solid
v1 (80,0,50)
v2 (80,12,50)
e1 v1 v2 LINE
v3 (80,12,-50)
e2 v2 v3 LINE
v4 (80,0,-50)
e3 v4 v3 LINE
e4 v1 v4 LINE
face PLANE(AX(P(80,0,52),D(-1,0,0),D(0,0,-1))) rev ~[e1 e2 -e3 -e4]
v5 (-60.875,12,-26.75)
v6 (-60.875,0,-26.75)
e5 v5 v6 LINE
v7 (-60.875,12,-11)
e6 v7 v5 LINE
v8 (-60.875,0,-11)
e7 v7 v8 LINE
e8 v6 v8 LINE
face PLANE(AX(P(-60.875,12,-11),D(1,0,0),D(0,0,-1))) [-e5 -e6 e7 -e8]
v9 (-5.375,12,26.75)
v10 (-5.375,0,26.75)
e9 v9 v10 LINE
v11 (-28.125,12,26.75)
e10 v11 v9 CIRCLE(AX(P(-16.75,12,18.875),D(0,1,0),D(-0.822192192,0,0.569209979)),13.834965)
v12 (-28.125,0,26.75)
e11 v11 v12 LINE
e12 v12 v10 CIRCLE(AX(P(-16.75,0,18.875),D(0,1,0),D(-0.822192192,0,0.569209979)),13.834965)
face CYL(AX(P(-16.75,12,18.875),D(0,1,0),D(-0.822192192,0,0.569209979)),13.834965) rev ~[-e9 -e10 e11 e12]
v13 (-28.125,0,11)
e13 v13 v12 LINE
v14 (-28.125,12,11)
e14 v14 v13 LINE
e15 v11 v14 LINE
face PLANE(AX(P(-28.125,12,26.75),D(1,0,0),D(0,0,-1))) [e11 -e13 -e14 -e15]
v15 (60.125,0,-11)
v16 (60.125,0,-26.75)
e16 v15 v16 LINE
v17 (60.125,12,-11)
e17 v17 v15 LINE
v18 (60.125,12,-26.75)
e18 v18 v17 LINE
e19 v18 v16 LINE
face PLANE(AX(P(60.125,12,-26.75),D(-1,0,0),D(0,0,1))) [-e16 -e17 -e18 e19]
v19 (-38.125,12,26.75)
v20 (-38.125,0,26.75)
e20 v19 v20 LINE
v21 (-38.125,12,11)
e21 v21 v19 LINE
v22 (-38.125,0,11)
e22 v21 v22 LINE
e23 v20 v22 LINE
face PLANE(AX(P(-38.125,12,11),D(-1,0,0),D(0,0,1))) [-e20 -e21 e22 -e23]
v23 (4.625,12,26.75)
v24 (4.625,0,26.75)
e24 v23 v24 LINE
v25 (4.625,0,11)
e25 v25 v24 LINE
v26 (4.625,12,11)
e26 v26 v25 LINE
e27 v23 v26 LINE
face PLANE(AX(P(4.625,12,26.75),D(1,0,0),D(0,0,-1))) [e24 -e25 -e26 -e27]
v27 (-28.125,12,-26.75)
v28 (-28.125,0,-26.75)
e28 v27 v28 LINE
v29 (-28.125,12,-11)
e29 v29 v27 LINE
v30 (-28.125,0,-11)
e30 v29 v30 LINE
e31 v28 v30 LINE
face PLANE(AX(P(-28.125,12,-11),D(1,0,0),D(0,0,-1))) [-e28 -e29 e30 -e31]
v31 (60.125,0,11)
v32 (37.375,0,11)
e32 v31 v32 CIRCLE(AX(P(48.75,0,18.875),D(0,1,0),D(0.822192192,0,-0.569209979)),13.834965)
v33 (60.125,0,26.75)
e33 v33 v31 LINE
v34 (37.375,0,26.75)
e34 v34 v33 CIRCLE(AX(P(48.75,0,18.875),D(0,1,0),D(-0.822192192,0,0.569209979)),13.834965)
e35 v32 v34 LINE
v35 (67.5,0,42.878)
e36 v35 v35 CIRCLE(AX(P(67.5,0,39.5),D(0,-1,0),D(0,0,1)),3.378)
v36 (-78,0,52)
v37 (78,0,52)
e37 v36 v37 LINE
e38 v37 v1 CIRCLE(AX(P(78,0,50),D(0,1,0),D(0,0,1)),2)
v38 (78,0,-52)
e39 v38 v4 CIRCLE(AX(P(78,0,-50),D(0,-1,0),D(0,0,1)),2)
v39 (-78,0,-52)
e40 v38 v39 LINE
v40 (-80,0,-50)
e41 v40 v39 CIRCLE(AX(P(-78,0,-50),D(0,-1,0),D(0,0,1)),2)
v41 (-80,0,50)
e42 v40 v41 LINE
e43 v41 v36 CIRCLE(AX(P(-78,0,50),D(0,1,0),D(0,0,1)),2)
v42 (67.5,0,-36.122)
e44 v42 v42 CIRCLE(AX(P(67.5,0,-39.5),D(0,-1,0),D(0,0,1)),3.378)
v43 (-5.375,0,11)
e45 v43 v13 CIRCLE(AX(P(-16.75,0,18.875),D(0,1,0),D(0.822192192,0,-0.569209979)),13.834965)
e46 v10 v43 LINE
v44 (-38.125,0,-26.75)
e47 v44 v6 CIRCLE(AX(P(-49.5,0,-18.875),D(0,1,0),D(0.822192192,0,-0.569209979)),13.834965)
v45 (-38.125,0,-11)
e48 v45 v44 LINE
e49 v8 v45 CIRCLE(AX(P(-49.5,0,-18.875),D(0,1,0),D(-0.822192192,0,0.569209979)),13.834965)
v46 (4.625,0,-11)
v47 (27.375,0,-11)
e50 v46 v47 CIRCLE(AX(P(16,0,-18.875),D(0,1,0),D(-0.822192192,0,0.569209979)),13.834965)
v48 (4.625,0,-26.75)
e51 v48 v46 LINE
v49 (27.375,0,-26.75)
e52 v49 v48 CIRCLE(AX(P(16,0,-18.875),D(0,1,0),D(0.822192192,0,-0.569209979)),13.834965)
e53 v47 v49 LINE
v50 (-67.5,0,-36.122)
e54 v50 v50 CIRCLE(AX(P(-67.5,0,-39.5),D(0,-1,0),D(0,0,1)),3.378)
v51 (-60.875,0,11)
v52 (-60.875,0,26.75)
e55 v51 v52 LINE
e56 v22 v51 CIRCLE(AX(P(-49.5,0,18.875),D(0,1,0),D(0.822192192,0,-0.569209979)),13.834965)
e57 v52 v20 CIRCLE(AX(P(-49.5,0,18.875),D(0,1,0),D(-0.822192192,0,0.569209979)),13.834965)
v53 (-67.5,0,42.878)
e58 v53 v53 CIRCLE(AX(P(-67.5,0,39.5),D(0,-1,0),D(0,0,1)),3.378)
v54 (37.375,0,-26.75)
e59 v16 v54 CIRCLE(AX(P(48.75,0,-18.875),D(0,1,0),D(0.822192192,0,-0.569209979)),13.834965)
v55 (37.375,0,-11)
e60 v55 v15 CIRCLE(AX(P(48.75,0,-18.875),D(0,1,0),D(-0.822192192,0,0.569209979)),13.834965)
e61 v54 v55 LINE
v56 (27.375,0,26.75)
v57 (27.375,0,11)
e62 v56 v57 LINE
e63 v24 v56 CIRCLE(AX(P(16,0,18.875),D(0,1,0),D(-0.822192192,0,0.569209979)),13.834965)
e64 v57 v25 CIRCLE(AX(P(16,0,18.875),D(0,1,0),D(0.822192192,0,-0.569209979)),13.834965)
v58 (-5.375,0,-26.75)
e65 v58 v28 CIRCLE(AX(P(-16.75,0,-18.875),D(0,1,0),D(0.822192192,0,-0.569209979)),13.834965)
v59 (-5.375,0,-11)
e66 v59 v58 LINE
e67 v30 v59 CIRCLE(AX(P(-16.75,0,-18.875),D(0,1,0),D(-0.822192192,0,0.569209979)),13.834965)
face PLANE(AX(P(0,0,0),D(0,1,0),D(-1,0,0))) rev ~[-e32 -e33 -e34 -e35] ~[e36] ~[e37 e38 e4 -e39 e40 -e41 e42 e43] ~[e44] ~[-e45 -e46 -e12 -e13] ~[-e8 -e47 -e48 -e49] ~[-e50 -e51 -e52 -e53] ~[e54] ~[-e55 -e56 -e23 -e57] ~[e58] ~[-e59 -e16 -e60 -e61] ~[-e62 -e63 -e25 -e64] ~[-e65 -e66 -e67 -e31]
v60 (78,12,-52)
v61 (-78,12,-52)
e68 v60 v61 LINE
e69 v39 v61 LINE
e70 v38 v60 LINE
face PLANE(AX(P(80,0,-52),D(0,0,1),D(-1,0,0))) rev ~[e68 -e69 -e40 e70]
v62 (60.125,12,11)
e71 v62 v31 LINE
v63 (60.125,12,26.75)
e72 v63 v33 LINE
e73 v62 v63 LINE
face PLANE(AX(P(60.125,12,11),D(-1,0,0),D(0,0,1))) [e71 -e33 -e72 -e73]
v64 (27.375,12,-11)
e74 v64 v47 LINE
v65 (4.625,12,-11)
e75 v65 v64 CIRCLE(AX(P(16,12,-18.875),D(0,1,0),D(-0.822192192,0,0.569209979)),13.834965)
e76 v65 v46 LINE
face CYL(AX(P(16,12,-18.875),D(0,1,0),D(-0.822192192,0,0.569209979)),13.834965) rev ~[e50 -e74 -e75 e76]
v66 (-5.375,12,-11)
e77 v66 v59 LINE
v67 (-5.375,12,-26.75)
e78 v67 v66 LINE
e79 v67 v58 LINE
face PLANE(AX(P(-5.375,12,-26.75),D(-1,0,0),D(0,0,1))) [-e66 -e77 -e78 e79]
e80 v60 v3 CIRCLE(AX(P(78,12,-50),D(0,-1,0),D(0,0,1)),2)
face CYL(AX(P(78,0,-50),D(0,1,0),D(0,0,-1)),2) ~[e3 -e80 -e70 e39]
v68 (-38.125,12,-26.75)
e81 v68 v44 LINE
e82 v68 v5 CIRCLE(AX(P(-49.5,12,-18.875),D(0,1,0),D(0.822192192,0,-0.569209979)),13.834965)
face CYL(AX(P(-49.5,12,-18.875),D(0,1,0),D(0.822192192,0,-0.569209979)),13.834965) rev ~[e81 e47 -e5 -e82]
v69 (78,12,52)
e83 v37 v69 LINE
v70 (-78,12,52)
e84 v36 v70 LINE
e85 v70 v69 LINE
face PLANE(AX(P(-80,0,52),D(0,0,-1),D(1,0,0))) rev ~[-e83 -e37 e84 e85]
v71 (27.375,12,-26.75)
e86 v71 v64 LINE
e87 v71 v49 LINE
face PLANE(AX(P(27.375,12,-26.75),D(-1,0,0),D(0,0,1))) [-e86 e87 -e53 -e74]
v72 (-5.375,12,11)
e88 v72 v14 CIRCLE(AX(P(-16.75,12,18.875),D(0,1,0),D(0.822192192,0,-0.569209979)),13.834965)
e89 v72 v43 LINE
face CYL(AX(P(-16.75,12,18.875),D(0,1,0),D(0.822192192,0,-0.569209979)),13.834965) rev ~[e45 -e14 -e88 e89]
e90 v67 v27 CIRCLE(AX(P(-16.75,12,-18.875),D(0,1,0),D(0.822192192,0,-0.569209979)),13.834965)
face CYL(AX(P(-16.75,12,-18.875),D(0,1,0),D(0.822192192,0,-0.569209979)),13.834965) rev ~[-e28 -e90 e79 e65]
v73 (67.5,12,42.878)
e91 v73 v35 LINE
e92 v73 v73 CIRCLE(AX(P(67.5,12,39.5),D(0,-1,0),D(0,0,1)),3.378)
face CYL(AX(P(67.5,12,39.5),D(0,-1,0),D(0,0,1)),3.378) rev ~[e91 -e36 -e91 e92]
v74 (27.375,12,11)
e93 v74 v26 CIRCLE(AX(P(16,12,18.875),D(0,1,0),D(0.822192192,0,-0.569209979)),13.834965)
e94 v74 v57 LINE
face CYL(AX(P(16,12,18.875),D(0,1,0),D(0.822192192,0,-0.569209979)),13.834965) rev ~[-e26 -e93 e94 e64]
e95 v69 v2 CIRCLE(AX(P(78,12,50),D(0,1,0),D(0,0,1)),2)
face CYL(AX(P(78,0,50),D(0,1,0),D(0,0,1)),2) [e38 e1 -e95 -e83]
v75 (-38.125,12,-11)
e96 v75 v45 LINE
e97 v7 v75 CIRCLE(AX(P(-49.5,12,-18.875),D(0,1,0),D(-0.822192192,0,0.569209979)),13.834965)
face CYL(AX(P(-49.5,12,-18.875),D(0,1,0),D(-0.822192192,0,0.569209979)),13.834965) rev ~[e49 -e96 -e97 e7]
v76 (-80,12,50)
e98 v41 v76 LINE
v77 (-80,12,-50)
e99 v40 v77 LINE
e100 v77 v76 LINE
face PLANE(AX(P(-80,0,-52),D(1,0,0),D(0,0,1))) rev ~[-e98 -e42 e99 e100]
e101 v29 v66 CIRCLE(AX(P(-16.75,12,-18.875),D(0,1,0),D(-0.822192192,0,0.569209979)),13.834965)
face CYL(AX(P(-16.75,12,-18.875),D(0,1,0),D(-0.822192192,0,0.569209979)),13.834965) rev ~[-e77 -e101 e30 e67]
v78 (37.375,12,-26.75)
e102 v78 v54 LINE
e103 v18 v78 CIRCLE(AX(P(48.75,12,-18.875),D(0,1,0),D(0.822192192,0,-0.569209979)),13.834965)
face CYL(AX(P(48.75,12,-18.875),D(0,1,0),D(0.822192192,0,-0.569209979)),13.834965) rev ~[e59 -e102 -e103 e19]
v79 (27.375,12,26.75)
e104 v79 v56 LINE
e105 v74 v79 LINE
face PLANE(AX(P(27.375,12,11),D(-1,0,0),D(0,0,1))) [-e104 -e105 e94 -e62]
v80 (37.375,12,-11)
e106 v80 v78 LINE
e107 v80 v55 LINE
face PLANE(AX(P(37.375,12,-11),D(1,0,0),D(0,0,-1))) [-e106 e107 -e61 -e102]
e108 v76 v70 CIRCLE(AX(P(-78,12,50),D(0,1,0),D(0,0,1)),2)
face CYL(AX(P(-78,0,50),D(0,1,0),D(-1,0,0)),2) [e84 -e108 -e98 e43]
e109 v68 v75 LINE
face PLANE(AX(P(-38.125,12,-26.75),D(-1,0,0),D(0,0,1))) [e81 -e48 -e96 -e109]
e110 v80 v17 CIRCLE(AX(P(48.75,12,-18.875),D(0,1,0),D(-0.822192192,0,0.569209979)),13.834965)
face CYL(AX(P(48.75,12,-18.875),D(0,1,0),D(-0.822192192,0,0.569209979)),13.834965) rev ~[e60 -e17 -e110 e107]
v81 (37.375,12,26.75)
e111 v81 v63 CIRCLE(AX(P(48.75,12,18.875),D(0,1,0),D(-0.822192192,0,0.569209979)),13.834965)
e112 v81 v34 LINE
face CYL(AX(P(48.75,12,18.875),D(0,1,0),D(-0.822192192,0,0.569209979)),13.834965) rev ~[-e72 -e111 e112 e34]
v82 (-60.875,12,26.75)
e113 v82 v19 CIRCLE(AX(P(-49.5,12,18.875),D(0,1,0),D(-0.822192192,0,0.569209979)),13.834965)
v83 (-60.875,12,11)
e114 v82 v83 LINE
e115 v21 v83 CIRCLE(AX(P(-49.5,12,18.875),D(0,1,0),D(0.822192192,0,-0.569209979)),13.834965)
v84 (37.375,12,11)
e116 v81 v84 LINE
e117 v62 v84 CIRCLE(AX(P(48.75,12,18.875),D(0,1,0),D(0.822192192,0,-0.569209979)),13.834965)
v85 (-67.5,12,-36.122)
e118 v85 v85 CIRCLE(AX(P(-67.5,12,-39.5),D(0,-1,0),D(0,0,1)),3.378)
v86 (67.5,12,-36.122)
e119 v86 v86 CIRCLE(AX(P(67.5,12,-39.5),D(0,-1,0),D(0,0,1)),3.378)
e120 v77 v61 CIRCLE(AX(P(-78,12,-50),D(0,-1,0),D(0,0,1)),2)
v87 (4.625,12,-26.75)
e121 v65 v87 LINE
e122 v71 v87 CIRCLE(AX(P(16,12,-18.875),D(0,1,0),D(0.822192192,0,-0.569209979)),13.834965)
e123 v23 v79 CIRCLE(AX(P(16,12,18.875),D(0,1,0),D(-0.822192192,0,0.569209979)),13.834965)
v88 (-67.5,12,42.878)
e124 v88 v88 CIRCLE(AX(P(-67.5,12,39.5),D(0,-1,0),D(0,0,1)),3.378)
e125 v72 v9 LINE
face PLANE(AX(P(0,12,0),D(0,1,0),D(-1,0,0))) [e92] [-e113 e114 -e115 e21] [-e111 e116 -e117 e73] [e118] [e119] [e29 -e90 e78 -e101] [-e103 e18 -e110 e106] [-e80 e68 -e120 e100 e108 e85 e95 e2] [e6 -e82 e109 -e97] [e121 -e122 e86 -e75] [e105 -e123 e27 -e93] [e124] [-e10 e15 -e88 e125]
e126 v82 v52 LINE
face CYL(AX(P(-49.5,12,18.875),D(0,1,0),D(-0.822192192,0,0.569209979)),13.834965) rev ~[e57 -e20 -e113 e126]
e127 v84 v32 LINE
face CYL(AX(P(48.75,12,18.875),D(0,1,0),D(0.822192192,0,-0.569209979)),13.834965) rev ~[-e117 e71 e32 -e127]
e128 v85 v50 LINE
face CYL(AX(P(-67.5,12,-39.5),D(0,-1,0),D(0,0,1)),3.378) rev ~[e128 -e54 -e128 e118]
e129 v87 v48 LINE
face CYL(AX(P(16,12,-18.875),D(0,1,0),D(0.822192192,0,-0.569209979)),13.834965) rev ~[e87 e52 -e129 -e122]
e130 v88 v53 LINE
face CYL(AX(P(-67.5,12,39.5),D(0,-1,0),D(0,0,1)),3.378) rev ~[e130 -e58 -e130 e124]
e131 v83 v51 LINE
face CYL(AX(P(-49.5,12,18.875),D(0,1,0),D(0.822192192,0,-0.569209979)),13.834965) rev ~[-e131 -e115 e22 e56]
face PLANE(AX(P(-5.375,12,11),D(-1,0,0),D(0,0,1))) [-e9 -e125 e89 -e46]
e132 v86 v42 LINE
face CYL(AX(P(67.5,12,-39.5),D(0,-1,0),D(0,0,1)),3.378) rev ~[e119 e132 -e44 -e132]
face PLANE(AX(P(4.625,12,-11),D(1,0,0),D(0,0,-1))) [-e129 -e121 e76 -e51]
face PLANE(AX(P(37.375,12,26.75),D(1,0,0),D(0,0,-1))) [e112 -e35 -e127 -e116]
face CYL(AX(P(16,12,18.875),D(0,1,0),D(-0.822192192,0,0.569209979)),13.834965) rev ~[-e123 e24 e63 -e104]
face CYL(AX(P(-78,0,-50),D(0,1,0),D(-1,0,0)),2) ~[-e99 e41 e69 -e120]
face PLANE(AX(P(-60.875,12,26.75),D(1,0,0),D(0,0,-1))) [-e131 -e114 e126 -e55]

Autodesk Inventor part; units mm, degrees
ref_plane "YZ Plane" through (0, 0, 0) normal (1, 0, 0) x (0, 1, 0)
ref_plane "XZ Plane" through (0, 0, 0) normal (0, 1, 0) x (-1, 0, 0)
ref_plane "XY Plane" through (0, 0, 0) normal (0, 0, 1) x (1, 0, 0)
sketch "Sketch1" plane through (0, 0, 0) normal (0, 1, 0) x (-1, 0, 0)
  line L0 (80, 52) -> (-80, 52)
  line L1 (-80, 52) -> (-80, -52)
  line L2 (-80, -52) -> (80, -52)
  line L3 (80, -52) -> (80, 52)
  line L4 (80, 52) -> (-80, -52) construction
  line L5 (-80, 52) -> (80, -52) construction
  point P0 (0, 0)
  dimension "d0" = 160
  dimension "d1" = 104
extrude "Extrusion1" add sketch "Sketch1" along normal blind 12
sketch "Sketch2" plane through (0, 12, 0) normal (0, 1, 0) x (1, 0, 0)
  line L0 (-80, 52) -> (-80, -52) projected
  line L1 (80, 52) -> (-80, 52) projected
  line L2 (-38.125, 26.75) -> (-38.125, 11)
  line L3 (-60.875, 11) -> (-60.875, 26.75)
  arc A0 (-38.125, 26.75) -> (-60.875, 26.75) centre (-49.5, 18.875) ccw
  arc A1 (-60.875, 11) -> (-38.125, 11) centre (-49.5, 18.875) ccw
  point P0 (0, 0)
  dimension "d39" = 22.75
  dimension "d40" = 15.75
  dimension "d41" = 19.125
  dimension "d42" = 7.875
  dimension "d43" = 33.125
extrude "Extrusion2" cut sketch "Sketch2" against normal up to next
pattern_linear "Rectangular Pattern1" count 4 spacing -32.75 along (-1, 0, 0) count 2 spacing 37.75 along (0, 0, 1) of "Extrusion2"
sketch "Sketch4" plane through (0, 12, 0) normal (0, 1, 0) x (1, 0, 0)
  line L0 (-80, 52) -> (-80, -52) projected
  line L1 (80, 52) -> (-80, 52) projected
  line L2 (80, -52) -> (80, 52) projected
  line L3 (-80, -52) -> (80, -52) projected
  point P0 (0, 0)
  point P1 (-67.5, 39.5)
  point P2 (67.5, 39.5)
  point P3 (67.5, -39.5)
  point P4 (-67.5, -39.5)
  dimension "d24" = 12.5
  dimension "d25" = 12.5
  dimension "d26" = 12.5
  dimension "d27" = 12.5
  dimension "d28" = 12.5
  dimension "d29" = 12.5
  dimension "d30" = 12.5
  dimension "d31" = 12.5
hole "Hole1" at (-67.5, 12, -39.5) at (67.5, 12, -39.5) at (67.5, 12, 39.5) at (-67.5, 12, 39.5) direction (0, -1, 0) diameter 6.756 depth 25.4 clearance for "Socket Head Cap Screw" size "1/4" standard "Ansi Unified Screw Threads"
fillet "Fillet1" radius 2 4 edges at (-80, 6, 52) (80, 6, 52) (80, 6, -52) (-80, 6, -52)
properties part number "4_OM_VialPlate_0.25mmReduce"
